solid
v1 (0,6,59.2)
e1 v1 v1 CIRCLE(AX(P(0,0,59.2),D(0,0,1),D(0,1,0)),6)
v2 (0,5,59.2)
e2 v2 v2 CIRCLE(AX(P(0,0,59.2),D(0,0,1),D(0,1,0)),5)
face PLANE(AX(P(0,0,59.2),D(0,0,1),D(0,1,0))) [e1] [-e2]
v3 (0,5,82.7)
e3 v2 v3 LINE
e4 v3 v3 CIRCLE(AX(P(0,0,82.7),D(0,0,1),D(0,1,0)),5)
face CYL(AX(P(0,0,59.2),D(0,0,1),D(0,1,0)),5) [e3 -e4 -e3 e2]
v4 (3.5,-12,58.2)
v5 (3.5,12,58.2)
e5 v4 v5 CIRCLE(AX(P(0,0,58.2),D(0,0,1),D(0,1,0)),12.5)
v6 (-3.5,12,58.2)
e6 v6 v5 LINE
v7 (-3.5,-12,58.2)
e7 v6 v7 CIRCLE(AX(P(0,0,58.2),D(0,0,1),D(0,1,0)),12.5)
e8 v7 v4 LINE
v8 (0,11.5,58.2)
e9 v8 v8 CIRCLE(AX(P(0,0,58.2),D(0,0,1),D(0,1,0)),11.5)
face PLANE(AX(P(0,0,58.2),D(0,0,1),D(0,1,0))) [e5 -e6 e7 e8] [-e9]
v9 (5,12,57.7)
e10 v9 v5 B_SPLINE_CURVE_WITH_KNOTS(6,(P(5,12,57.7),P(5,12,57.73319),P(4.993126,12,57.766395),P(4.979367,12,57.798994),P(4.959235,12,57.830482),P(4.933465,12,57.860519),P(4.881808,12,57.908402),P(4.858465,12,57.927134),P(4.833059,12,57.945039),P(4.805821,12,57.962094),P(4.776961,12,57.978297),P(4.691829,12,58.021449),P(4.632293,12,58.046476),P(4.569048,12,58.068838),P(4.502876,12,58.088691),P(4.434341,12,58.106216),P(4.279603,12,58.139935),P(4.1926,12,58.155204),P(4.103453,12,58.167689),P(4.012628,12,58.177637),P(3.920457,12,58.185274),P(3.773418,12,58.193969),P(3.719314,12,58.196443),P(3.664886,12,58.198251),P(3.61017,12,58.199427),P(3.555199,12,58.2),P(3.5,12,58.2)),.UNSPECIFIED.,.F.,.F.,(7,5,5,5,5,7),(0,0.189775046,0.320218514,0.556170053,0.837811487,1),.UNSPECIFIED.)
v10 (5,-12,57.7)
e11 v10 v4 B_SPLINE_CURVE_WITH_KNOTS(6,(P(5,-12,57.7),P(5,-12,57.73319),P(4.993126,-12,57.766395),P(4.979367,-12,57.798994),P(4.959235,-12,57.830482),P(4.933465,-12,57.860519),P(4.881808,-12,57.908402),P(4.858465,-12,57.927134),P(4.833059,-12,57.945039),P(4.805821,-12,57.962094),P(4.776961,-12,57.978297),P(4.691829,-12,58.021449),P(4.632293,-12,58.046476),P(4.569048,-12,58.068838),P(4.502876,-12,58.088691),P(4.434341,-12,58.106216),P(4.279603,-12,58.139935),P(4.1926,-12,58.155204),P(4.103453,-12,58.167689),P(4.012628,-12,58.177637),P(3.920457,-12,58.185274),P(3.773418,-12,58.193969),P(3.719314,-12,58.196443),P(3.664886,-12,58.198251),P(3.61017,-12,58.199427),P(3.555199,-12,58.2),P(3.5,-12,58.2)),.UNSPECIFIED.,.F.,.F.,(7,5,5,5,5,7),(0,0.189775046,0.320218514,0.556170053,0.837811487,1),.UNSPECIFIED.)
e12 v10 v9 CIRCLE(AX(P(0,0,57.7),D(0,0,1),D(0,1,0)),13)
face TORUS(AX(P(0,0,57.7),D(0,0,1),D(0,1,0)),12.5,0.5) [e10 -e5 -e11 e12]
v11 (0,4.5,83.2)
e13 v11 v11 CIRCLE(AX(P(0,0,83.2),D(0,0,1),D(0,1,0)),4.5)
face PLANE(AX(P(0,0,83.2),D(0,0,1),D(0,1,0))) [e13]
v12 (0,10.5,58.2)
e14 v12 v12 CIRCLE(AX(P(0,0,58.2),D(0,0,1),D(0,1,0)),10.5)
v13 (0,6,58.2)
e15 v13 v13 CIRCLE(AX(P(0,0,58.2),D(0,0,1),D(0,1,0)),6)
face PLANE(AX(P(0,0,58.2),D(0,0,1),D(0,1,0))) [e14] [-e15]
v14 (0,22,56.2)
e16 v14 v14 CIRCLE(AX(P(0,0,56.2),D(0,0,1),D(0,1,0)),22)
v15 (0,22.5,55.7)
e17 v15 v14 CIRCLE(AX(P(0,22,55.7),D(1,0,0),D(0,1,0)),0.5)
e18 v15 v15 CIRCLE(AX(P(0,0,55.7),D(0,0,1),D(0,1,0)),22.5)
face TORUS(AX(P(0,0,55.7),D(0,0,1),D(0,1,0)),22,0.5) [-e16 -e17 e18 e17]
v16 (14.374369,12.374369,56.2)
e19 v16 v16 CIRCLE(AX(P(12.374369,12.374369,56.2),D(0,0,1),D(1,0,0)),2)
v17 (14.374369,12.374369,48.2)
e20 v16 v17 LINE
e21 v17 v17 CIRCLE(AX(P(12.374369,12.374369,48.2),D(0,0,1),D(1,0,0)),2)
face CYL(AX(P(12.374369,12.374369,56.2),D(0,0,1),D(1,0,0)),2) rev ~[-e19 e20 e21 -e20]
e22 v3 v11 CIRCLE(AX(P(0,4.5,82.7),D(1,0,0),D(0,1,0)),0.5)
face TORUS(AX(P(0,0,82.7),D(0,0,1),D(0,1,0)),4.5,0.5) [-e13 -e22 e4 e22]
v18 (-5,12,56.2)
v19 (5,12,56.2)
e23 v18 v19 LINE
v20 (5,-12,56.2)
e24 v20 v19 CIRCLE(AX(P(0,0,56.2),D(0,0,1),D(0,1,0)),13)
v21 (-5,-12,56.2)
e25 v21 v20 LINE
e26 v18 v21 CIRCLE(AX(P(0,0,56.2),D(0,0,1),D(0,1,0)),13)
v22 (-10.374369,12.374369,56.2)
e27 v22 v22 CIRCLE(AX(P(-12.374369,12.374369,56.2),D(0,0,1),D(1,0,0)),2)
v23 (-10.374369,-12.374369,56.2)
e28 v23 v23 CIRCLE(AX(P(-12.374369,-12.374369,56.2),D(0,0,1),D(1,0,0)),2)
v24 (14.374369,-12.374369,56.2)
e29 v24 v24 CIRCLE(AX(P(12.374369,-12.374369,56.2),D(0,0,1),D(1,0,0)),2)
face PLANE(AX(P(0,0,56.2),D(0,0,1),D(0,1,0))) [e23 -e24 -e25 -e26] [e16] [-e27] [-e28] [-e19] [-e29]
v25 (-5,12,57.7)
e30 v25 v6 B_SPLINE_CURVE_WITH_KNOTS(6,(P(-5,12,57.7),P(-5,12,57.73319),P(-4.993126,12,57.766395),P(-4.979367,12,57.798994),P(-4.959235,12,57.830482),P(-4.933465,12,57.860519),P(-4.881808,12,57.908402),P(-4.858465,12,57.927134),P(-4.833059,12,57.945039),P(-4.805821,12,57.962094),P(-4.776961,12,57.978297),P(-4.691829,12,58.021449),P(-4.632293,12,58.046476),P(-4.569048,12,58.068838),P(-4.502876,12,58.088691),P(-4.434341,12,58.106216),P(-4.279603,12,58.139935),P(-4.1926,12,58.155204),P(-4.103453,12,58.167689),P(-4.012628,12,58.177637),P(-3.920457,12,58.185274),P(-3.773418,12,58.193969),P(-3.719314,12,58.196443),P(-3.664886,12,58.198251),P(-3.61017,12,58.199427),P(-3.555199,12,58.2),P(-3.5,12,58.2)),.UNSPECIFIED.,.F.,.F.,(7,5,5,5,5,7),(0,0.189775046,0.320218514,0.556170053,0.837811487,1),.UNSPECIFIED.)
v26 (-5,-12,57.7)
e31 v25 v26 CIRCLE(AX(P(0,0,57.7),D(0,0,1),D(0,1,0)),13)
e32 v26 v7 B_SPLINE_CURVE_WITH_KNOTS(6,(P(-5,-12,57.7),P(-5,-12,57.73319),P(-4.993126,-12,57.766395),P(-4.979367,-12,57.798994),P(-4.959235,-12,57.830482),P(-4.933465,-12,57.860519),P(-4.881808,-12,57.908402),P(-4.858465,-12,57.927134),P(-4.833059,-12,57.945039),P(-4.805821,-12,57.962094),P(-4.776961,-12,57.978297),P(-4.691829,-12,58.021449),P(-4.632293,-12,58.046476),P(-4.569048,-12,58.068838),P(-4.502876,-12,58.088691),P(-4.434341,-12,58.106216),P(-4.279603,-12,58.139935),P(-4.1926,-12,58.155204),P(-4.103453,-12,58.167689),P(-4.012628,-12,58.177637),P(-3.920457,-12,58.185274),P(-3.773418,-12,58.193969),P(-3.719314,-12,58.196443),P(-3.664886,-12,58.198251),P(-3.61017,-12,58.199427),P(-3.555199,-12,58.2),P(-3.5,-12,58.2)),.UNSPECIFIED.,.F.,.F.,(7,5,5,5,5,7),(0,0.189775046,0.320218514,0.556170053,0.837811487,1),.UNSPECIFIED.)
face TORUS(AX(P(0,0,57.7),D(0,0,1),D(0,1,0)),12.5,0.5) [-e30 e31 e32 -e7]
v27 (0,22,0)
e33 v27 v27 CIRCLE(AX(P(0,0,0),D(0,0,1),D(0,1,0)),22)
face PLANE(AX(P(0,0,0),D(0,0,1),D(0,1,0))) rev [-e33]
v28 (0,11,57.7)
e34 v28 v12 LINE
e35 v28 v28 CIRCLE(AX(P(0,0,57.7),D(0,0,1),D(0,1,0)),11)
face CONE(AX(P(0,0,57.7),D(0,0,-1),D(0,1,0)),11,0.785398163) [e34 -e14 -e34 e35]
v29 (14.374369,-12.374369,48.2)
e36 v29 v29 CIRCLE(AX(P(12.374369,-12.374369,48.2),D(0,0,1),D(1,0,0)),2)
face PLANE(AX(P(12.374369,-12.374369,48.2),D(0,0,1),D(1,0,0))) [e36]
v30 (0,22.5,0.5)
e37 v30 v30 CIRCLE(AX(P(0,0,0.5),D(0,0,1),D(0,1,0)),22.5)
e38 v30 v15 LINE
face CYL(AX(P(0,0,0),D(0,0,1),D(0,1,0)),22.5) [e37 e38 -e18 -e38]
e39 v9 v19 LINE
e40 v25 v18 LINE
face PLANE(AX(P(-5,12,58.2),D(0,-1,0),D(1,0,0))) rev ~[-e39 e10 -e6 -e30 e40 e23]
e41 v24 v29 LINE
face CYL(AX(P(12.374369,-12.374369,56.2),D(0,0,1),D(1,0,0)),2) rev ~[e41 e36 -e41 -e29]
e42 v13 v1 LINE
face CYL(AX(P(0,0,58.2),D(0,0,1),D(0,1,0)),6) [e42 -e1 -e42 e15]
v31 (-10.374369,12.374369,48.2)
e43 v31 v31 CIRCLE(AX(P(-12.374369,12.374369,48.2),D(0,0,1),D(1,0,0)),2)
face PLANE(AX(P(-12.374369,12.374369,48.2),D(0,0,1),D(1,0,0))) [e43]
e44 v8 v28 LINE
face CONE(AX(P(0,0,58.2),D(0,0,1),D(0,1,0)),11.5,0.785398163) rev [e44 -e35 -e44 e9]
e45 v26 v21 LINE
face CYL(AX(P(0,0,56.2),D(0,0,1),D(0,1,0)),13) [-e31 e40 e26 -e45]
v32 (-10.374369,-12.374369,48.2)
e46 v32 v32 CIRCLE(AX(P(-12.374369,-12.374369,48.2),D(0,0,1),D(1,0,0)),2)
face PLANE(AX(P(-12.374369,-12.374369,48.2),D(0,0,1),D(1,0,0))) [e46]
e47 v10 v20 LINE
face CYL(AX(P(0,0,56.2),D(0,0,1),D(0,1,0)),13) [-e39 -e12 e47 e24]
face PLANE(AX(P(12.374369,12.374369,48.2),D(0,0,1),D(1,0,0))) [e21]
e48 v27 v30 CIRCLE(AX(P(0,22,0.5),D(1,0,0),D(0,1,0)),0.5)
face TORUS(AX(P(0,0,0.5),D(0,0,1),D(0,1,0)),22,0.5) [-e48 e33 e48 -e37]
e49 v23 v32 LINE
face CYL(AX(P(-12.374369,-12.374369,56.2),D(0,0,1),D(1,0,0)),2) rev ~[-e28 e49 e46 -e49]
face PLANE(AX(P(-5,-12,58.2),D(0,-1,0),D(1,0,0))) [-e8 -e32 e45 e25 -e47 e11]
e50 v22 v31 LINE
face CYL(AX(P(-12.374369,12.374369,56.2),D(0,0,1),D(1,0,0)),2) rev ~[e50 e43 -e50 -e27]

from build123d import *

# Parameters (mm, degrees)
FILLET1_R          = 0.5
CUT_EXTRUDE1_DEPTH = 2
SKETCH4_R          = 2
CUT_EXTRUDE2_DEPTH = 8


with BuildPart() as part:
    # Sketch1 → Revolve1 (revolve)
    with BuildSketch(Plane(origin=(0, 0, 0), x_dir=(0, 0, -1), z_dir=(1, 0, 0))):
        Polygon((0, 0), (0, 22.5), (-56.2, 22.5), (-56.2, 13), (-58.2, 13), (-58.2, 11.5), (-57.7, 11), (-58.2, 10.5), (-58.2, 6), (-59.2, 6), (-59.2, 5), (-83.2, 5), (-83.2, 0), align=None)
    revolve(axis=Axis((0, 0, 0), (0, 0, 1)))

    # Fillet1
    fillet1_edges = [part.edges().sort_by_distance(p)[0] for p in [
        (0, -5, 83.2),
        (0, -13, 58.2),
        (0, -22.5, 56.2),
        (0, -22.5, 0),
    ]]
    fillet(fillet1_edges, radius=FILLET1_R)

    # Sketch3 → Cut-Extrude1 (cut)
    with BuildSketch(Plane.XY.offset(58.2)):
        with BuildLine():
            Line((-5, 12), (5, 12))
            ThreePointArc((5, 12), (0, 13), (-5, 12))
        make_face()
        with BuildLine():
            Line((-5, -12), (5, -12))
            ThreePointArc((5, -12), (0, -13), (-5, -12))
        make_face()
    extrude(amount=-CUT_EXTRUDE1_DEPTH, mode=Mode.SUBTRACT)

    # Sketch4 → Cut-Extrude2 (cut)
    with BuildSketch(Plane.XY.offset(56.2)):
        with Locations((-12.374368671, 12.374368671)):
            Circle(SKETCH4_R)
        with Locations((12.374368671, 12.374368671)):
            Circle(SKETCH4_R)
        with Locations((12.374368671, -12.374368671)):
            Circle(SKETCH4_R)
        with Locations((-12.374368671, -12.374368671)):
            Circle(SKETCH4_R)
    extrude(amount=-CUT_EXTRUDE2_DEPTH, mode=Mode.SUBTRACT)


solid = part.part
